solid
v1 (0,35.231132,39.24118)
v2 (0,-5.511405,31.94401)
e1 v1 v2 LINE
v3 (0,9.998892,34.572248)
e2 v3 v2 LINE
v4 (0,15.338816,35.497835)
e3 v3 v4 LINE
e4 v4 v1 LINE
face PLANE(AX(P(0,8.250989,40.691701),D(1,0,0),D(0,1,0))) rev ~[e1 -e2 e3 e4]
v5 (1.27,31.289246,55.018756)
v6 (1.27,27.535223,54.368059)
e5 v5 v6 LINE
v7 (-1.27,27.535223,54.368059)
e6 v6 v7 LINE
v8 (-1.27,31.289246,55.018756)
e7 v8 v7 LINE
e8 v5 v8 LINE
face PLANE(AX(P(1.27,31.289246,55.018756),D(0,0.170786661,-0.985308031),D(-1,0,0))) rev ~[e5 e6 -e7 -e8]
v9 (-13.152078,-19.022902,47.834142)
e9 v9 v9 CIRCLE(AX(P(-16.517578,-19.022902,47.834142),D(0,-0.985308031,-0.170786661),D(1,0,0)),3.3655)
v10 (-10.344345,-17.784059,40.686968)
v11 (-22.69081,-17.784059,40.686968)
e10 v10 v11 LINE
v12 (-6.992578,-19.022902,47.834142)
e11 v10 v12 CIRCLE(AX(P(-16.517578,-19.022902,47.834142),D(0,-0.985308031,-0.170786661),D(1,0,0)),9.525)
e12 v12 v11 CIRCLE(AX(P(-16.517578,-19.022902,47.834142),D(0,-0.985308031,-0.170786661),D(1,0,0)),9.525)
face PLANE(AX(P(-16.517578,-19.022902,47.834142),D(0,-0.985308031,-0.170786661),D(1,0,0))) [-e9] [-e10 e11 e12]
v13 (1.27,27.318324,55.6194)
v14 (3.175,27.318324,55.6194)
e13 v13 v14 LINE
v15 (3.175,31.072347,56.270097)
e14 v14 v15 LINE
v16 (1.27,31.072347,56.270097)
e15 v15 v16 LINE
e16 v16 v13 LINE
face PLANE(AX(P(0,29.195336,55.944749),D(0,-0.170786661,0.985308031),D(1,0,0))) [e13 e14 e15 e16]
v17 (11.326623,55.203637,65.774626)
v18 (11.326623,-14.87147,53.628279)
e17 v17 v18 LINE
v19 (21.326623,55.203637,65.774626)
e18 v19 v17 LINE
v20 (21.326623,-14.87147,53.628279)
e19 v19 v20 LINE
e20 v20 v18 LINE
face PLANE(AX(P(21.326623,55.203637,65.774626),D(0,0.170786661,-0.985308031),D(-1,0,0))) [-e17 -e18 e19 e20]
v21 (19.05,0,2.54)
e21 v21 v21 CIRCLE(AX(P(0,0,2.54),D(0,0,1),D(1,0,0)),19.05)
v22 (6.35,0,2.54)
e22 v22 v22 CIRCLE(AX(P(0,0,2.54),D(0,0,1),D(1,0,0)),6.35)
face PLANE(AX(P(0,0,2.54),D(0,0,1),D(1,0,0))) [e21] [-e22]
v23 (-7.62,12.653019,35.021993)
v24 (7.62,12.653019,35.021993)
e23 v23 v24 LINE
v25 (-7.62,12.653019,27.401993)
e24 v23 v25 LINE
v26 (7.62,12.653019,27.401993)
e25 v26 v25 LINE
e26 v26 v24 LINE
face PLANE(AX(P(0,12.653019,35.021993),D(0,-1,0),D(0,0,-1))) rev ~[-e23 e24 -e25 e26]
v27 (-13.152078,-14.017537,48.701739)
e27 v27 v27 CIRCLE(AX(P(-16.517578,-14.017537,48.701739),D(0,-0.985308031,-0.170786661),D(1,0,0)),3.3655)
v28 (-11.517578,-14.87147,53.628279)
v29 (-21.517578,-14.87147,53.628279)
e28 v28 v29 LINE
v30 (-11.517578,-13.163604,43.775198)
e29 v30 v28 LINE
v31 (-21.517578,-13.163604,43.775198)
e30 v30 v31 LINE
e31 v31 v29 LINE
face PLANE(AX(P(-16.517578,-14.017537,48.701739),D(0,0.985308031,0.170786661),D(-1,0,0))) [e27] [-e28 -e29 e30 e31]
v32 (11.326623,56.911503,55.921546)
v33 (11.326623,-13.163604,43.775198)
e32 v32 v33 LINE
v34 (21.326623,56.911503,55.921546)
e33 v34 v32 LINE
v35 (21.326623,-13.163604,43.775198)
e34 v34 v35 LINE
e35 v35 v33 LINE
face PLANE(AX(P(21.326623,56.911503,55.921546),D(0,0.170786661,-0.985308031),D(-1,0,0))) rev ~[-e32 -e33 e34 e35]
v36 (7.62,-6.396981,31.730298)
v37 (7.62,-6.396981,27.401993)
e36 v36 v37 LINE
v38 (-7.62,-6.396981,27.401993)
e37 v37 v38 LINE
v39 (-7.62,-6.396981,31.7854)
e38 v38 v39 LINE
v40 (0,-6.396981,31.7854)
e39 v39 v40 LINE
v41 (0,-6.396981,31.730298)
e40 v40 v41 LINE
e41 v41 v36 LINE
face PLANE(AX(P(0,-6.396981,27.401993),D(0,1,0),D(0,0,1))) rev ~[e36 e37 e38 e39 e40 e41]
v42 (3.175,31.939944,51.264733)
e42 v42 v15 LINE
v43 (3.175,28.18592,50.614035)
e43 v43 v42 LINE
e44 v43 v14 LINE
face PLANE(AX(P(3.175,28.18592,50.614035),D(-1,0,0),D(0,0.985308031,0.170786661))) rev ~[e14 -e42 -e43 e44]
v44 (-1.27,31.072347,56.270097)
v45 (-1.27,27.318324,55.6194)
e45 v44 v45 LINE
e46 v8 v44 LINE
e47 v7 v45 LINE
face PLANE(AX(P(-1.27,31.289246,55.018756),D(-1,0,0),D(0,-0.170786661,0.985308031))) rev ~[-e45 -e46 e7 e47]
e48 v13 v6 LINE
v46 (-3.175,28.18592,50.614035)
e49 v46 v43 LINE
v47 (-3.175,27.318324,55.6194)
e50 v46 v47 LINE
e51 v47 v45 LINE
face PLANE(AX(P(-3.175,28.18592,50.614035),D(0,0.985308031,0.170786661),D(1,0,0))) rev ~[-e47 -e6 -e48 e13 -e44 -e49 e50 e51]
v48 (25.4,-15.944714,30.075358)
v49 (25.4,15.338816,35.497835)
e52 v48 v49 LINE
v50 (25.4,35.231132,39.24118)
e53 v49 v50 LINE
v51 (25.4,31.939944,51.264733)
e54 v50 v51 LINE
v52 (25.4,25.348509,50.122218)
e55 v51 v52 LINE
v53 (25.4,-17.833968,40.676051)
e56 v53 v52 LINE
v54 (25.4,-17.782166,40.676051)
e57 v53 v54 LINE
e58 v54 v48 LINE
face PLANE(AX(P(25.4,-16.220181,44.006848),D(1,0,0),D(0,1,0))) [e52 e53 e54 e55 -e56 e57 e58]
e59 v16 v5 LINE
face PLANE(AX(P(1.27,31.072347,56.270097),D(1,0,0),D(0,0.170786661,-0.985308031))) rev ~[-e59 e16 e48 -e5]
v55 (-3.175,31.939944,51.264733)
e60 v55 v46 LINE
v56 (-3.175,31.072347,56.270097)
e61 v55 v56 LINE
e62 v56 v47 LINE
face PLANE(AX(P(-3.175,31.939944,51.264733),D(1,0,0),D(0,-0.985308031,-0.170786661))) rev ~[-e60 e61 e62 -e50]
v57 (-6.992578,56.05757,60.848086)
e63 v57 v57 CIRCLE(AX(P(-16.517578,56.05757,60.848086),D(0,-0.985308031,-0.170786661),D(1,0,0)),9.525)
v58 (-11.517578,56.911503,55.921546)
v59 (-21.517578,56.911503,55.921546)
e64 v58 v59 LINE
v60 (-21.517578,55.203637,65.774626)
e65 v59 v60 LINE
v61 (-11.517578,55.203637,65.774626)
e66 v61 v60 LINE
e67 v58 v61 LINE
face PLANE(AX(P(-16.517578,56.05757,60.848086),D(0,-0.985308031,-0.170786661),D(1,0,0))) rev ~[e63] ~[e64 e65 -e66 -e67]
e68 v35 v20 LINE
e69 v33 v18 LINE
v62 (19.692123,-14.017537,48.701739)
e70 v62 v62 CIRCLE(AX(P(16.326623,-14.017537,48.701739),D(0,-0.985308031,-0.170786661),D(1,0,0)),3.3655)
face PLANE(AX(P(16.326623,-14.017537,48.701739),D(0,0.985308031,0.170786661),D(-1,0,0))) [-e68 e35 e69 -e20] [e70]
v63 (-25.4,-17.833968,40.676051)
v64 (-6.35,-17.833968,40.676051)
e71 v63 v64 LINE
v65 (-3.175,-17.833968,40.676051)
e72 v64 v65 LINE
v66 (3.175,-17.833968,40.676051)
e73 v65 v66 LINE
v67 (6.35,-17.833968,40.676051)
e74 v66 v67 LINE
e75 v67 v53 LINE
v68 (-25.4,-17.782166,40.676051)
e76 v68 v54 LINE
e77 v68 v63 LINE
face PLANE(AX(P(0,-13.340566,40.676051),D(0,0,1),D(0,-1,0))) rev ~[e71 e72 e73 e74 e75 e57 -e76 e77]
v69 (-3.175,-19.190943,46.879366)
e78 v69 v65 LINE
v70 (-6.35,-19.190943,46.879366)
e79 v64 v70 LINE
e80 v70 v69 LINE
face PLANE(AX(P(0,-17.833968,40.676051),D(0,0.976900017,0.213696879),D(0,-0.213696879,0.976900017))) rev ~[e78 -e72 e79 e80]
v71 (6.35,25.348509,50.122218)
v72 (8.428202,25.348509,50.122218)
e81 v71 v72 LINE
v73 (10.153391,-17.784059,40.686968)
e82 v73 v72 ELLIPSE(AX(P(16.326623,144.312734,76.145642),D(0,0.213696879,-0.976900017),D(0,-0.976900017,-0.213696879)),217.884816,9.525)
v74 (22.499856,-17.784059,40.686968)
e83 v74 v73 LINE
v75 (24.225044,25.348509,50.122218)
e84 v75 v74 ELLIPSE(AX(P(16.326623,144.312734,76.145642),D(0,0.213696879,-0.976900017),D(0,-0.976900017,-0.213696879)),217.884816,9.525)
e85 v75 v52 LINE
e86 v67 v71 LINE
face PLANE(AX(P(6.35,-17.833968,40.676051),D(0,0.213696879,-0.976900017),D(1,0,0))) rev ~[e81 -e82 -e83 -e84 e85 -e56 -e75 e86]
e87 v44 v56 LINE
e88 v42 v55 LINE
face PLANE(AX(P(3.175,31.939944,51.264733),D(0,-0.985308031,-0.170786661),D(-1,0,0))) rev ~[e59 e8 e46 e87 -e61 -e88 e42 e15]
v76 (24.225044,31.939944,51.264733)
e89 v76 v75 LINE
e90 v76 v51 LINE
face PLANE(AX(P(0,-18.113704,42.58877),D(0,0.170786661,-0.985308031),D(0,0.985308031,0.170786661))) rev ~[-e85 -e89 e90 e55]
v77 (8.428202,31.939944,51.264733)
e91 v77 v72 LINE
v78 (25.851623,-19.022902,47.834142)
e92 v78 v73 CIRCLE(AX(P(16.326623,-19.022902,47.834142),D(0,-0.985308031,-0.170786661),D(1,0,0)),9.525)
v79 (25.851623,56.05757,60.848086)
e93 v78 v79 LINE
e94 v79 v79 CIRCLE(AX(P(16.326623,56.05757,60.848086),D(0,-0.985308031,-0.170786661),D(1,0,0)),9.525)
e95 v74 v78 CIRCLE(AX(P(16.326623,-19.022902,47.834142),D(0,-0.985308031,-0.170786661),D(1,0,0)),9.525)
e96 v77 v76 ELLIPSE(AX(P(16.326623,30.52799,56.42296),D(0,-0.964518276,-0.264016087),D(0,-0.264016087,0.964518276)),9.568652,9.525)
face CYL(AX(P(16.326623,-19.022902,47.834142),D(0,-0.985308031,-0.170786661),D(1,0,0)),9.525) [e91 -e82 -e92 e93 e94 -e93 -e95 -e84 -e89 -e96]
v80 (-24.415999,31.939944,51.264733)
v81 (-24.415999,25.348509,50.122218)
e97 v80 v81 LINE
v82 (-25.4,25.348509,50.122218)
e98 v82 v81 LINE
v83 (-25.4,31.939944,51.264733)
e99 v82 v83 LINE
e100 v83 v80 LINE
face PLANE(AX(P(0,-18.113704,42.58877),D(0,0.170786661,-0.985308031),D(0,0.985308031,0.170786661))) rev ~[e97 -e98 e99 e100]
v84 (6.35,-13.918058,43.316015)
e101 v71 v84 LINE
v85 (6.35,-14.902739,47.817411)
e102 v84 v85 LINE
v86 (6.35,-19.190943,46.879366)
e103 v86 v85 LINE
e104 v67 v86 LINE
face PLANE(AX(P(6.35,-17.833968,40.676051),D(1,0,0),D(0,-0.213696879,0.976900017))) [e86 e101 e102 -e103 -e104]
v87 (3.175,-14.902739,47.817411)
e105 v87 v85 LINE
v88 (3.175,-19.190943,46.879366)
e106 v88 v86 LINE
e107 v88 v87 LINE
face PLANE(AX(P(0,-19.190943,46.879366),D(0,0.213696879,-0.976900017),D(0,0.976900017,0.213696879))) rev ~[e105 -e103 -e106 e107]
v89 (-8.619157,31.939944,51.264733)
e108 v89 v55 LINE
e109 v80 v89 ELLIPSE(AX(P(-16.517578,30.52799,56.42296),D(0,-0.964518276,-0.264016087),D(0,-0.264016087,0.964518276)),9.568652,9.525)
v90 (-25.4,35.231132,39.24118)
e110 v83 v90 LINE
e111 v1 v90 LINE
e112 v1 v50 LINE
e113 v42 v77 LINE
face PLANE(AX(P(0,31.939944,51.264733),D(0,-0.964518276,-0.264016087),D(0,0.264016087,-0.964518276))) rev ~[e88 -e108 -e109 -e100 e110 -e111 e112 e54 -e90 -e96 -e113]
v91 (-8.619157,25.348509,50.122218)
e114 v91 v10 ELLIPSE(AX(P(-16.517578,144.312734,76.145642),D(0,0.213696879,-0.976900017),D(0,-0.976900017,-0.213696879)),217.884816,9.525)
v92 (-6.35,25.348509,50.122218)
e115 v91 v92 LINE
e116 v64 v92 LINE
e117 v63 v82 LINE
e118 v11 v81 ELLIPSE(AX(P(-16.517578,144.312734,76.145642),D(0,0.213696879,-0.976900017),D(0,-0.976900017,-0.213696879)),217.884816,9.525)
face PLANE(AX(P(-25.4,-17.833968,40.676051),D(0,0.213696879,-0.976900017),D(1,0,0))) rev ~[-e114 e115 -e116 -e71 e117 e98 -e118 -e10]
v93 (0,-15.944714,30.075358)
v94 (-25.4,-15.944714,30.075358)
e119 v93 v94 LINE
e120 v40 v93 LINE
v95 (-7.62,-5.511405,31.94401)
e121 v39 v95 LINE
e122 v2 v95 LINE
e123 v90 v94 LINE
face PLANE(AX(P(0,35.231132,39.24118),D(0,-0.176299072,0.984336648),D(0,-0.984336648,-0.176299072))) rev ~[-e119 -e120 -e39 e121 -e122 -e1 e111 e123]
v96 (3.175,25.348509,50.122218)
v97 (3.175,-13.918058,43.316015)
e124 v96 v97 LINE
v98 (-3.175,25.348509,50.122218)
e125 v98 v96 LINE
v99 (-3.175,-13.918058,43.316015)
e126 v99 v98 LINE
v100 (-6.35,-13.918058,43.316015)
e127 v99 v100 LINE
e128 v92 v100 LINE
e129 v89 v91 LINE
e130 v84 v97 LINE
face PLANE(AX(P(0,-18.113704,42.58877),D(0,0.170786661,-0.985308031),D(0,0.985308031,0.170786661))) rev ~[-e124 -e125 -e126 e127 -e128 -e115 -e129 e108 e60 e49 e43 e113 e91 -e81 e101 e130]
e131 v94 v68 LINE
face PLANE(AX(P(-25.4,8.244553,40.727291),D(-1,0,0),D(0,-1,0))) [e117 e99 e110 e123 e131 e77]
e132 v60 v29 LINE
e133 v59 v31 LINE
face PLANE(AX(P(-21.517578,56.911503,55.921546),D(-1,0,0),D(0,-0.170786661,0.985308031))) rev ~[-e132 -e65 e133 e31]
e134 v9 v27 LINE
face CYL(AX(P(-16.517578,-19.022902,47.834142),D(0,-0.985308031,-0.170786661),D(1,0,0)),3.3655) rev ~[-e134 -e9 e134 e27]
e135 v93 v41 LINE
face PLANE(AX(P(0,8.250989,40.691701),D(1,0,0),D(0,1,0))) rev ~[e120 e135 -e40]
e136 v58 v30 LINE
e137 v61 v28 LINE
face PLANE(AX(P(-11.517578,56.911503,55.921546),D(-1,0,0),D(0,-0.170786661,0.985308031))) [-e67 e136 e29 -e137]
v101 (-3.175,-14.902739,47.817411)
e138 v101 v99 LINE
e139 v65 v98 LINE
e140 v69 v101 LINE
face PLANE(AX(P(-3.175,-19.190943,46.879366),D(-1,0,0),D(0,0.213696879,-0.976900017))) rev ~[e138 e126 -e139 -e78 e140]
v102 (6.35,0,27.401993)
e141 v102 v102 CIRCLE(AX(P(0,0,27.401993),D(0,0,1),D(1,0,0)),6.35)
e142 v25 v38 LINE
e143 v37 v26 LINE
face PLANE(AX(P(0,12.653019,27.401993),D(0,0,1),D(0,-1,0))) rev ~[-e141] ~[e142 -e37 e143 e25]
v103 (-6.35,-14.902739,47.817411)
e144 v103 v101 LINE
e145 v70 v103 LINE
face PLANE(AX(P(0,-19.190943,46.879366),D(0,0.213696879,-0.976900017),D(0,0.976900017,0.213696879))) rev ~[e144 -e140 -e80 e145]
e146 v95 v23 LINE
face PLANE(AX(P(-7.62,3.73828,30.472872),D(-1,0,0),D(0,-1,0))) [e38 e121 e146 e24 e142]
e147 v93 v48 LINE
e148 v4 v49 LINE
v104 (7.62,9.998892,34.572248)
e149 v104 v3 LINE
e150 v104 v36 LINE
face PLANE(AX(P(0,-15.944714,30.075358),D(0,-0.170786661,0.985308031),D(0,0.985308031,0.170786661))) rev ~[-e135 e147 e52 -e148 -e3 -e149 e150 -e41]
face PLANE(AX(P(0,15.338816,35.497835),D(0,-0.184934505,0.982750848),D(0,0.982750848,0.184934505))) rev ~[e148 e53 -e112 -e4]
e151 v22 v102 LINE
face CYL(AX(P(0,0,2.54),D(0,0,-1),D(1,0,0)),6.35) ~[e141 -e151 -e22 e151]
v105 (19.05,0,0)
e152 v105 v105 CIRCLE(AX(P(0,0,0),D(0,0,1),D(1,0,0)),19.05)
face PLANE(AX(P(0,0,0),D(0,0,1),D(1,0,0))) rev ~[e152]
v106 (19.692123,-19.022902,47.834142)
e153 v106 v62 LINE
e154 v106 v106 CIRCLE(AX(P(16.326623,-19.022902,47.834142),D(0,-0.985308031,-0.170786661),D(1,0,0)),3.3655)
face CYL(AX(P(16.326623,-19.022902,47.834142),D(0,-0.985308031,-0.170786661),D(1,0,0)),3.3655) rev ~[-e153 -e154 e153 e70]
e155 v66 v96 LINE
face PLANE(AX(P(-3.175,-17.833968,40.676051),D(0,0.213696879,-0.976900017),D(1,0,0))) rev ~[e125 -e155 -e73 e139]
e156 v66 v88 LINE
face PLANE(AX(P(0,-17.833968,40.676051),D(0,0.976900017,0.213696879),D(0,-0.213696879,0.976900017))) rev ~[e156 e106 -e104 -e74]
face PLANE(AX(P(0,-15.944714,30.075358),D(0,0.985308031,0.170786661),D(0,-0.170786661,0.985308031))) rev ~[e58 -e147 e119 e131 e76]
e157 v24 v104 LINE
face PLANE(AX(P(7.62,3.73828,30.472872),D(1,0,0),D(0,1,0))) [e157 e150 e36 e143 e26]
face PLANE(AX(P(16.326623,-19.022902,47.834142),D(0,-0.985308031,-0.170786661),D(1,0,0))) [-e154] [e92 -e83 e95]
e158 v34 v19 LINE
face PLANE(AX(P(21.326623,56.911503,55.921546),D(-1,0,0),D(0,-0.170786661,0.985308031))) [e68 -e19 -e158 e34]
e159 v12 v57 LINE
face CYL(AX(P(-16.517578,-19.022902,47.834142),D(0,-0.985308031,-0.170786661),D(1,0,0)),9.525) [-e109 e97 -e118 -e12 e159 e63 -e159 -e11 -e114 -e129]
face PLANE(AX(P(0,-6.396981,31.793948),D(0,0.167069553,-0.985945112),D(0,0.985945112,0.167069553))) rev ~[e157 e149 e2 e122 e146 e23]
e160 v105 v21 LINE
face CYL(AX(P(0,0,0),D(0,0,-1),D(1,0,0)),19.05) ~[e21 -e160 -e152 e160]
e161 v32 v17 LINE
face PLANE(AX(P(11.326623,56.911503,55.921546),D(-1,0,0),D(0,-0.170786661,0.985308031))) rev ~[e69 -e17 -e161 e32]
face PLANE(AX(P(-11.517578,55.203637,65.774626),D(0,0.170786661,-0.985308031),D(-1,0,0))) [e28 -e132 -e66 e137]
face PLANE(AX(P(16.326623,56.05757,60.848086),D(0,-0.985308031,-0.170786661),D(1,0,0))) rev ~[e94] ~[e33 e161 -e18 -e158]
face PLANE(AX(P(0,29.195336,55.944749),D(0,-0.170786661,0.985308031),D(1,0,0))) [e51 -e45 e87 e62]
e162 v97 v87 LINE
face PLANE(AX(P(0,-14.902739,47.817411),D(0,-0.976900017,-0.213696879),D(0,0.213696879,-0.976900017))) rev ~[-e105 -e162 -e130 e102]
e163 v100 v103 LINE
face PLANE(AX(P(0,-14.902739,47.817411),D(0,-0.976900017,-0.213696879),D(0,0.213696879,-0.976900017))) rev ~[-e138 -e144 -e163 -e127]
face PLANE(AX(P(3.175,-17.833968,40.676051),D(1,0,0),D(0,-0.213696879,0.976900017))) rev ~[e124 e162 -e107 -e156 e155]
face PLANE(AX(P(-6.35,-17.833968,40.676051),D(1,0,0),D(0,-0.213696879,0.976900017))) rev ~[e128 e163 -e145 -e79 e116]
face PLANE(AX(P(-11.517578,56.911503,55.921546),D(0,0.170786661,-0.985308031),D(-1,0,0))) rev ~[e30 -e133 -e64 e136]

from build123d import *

# Parameters (mm, degrees)
F0_R      = 19.05
F1_DEPTH  = 2.54
F2_R      = 6.35
F3_DEPTH  = 25.4
F5_DEPTH  = 7.62
F7_DEPTH  = 7.62
F9_DEPTH  = 25.4
F11_DEPTH = 25.4
F13_DEPTH = 25.4
F15_DEPTH = 25.4
F16_W     = 19.05
F16_H     = 6.35
F17_DEPTH = 50.8
F18_W     = 19.05
F18_H     = 6.35
F19_DEPTH = 50.8
F21_DEPTH = 50.8
F23_DEPTH = 5.08
F25_DEPTH = 25.4
F26_R     = 9.525
F27_DEPTH = 76.2
F29_W     = 10
F29_H     = 10
F30_DEPTH = 71.12
F28_W     = 10
F28_H     = 10
F31_DEPTH = 71.12
F33_R     = 3.3655
F32_R     = 3.3655
F34_DEPTH = 25.4


with BuildPart() as f1:
    # F0 (on Top) → F1 (new body)
    with BuildSketch(Plane.XY):
        Circle(F0_R)
    extrude(amount=F1_DEPTH)

    # F2 (on face) → F3 (join)
    with BuildSketch(Plane.XY.offset(2.54)):
        Circle(F2_R)
    extrude(amount=F3_DEPTH)

    # F4 (on Right) → F5 (join)
    with BuildSketch(Plane.YZ):
        Polygon((-6.3969814219, 31.7939482629), (-6.3969814219, 27.4019930512), (12.6530185781, 27.4019930512), (12.6530185781, 35.0219930512), align=None)
    extrude(amount=F5_DEPTH)

    # F6 (on face) → F7 (join)
    with BuildSketch(Plane(origin=(0, 0, 0), x_dir=(0, -1, 0), z_dir=(-1, 0, 0))):
        Polygon((-12.6530185781, 35.0219930512), (-12.6530185781, 27.4019930512), (6.3969814219, 27.4019930512), (6.3969814219, 31.7939482629), align=None)
    extrude(amount=F7_DEPTH)

    # F8 (on Right) → F9 (join)
    with BuildSketch(Plane.YZ):
        Polygon((-15.9447137266, 30.0753582269), (15.3388162634, 35.4978347242), (35.2311320603, 39.2411798239), (31.9399436585, 51.2647326185), (-18.1137043255, 42.5887702229), align=None)
    extrude(amount=F9_DEPTH)

    # F10 (on face) → F11 (join)
    with BuildSketch(Plane(origin=(0, 0, 0), x_dir=(0, -1, 0), z_dir=(-1, 0, 0))):
        Polygon((-31.9399436585, 51.2647326185), (-35.2311320603, 39.2411798239), (15.9447137266, 30.0753582269), (18.1137043255, 42.5887702229), align=None)
    extrude(amount=F11_DEPTH)

    # F12 (on Right) → F13 (join)
    with BuildSketch(Plane.YZ):
        Polygon((-19.1909428686, 46.8793660402), (-17.8339676882, 40.6760509298), (-13.3405660695, 40.6760509298), (-14.9027385279, 47.8174107397), align=None)
    extrude(amount=F13_DEPTH)

    # F14 (on face) → F15 (join)
    with BuildSketch(Plane(origin=(0, 0, 0), x_dir=(0, -1, 0), z_dir=(-1, 0, 0))):
        Polygon((13.3405660695, 40.6760509298), (17.8339676882, 40.6760509298), (19.1909428686, 46.8793660402), (14.9027385279, 47.8174107397), align=None)
    extrude(amount=F15_DEPTH)

    # F16 (on face) → F17 (cut)
    with BuildSketch(Plane(origin=(0, -8.528003266, -1.8655007144), x_dir=(1, 0, 0), z_dir=(0, -0.9769000174, -0.2136968788))):
        with Locations((-15.875, 46.7224980926)):
            Rectangle(F16_W, F16_H)
    extrude(amount=-F17_DEPTH, mode=Mode.SUBTRACT)

    # F18 (on face) → F19 (cut)
    with BuildSketch(Plane(origin=(0, -8.528003266, -1.8655007144), x_dir=(1, 0, 0), z_dir=(0, -0.9769000174, -0.2136968788))):
        with Locations((15.875, 46.7224980926)):
            Rectangle(F18_W, F18_H)
    extrude(amount=-F19_DEPTH, mode=Mode.SUBTRACT)

    # F20 (on face) → F21 (cut)
    with BuildSketch(Plane(origin=(0, -8.528003266, -1.8655007144), x_dir=(1, 0, 0), z_dir=(0, -0.9769000174, -0.2136968788))):
        Polygon((3.175, 49.8974980926), (0, 49.8974980926), (-3.175, 49.8974980926), (-3.175, 43.5474980926), (3.175, 43.5474980926), align=None)
    extrude(amount=-F21_DEPTH, mode=Mode.SUBTRACT)

    # F22 (on face) → F23 (join)
    with BuildSketch(Plane(origin=(0, -7.6950725058, 44.3946657275), x_dir=(1, 0, 0), z_dir=(0, -0.1707866613, 0.9853080312))):
        Polygon((3.175, 40.2260155302), (0, 40.2260155302), (-3.175, 40.2260155302), (-3.175, 36.4160155302), (3.175, 36.4160155302), align=None)
    extrude(amount=F23_DEPTH)

    # F24 (on face) → F25 (cut)
    with BuildSketch(Plane(origin=(0, 39.6350161643, 6.870066891), x_dir=(-1, 0, 0), z_dir=(0, 0.9853080312, 0.1707866613))):
        Polygon((1.27, 50.1366364249), (0, 50.1366364249), (-1.27, 50.1366364249), (-1.27, 48.8666364249), (1.27, 48.8666364249), align=None)
    extrude(amount=-F25_DEPTH, mode=Mode.SUBTRACT)

    # F26 (on face) → F27 (join)
    with BuildSketch(Plane(origin=(0, -10.4186318197, -1.8058955046), x_dir=(1, 0, 0), z_dir=(0, -0.9853080312, -0.1707866613))):
        with Locations((-16.5175776929, 50.3802224994)):
            Circle(F26_R)
        with Locations((16.3266230375, 50.3802224994)):
            Circle(F26_R)
    extrude(amount=-F27_DEPTH)

    # F29 (on face) → F30 (cut)
    with BuildSketch(Plane(origin=(0, 64.6618401563, 11.2080480889), x_dir=(-1, 0, 0), z_dir=(0, 0.9853080312, 0.1707866613))):
        with Locations((16.5175776929, 50.3802224994)):
            Rectangle(F29_W, F29_H)
    extrude(amount=-F30_DEPTH, mode=Mode.SUBTRACT)

    # F28 (on face) → F31 (cut)
    with BuildSketch(Plane(origin=(0, 64.6618401563, 11.2080480889), x_dir=(-1, 0, 0), z_dir=(0, 0.9853080312, 0.1707866613))):
        with Locations((-16.3266230375, 50.3802224994)):
            Rectangle(F28_W, F28_H)
    extrude(amount=-F31_DEPTH, mode=Mode.SUBTRACT)

    # F33 (on face) + F32 (on face) → F34 (cut)
    with BuildSketch(Plane(origin=(0, -10.4186318197, -1.8058955046), x_dir=(1, 0, 0), z_dir=(0, -0.9853080312, -0.1707866613))):
        with Locations((16.3266230375, 50.3802224994)):
            Circle(F33_R)
    with BuildSketch(Plane(origin=(0, -10.4186318197, -1.8058955046), x_dir=(1, 0, 0), z_dir=(0, -0.9853080312, -0.1707866613))):
        with Locations((-16.5175776929, 50.3802224994)):
            Circle(F32_R)
    extrude(amount=-F34_DEPTH, mode=Mode.SUBTRACT)


solid = f1.part
